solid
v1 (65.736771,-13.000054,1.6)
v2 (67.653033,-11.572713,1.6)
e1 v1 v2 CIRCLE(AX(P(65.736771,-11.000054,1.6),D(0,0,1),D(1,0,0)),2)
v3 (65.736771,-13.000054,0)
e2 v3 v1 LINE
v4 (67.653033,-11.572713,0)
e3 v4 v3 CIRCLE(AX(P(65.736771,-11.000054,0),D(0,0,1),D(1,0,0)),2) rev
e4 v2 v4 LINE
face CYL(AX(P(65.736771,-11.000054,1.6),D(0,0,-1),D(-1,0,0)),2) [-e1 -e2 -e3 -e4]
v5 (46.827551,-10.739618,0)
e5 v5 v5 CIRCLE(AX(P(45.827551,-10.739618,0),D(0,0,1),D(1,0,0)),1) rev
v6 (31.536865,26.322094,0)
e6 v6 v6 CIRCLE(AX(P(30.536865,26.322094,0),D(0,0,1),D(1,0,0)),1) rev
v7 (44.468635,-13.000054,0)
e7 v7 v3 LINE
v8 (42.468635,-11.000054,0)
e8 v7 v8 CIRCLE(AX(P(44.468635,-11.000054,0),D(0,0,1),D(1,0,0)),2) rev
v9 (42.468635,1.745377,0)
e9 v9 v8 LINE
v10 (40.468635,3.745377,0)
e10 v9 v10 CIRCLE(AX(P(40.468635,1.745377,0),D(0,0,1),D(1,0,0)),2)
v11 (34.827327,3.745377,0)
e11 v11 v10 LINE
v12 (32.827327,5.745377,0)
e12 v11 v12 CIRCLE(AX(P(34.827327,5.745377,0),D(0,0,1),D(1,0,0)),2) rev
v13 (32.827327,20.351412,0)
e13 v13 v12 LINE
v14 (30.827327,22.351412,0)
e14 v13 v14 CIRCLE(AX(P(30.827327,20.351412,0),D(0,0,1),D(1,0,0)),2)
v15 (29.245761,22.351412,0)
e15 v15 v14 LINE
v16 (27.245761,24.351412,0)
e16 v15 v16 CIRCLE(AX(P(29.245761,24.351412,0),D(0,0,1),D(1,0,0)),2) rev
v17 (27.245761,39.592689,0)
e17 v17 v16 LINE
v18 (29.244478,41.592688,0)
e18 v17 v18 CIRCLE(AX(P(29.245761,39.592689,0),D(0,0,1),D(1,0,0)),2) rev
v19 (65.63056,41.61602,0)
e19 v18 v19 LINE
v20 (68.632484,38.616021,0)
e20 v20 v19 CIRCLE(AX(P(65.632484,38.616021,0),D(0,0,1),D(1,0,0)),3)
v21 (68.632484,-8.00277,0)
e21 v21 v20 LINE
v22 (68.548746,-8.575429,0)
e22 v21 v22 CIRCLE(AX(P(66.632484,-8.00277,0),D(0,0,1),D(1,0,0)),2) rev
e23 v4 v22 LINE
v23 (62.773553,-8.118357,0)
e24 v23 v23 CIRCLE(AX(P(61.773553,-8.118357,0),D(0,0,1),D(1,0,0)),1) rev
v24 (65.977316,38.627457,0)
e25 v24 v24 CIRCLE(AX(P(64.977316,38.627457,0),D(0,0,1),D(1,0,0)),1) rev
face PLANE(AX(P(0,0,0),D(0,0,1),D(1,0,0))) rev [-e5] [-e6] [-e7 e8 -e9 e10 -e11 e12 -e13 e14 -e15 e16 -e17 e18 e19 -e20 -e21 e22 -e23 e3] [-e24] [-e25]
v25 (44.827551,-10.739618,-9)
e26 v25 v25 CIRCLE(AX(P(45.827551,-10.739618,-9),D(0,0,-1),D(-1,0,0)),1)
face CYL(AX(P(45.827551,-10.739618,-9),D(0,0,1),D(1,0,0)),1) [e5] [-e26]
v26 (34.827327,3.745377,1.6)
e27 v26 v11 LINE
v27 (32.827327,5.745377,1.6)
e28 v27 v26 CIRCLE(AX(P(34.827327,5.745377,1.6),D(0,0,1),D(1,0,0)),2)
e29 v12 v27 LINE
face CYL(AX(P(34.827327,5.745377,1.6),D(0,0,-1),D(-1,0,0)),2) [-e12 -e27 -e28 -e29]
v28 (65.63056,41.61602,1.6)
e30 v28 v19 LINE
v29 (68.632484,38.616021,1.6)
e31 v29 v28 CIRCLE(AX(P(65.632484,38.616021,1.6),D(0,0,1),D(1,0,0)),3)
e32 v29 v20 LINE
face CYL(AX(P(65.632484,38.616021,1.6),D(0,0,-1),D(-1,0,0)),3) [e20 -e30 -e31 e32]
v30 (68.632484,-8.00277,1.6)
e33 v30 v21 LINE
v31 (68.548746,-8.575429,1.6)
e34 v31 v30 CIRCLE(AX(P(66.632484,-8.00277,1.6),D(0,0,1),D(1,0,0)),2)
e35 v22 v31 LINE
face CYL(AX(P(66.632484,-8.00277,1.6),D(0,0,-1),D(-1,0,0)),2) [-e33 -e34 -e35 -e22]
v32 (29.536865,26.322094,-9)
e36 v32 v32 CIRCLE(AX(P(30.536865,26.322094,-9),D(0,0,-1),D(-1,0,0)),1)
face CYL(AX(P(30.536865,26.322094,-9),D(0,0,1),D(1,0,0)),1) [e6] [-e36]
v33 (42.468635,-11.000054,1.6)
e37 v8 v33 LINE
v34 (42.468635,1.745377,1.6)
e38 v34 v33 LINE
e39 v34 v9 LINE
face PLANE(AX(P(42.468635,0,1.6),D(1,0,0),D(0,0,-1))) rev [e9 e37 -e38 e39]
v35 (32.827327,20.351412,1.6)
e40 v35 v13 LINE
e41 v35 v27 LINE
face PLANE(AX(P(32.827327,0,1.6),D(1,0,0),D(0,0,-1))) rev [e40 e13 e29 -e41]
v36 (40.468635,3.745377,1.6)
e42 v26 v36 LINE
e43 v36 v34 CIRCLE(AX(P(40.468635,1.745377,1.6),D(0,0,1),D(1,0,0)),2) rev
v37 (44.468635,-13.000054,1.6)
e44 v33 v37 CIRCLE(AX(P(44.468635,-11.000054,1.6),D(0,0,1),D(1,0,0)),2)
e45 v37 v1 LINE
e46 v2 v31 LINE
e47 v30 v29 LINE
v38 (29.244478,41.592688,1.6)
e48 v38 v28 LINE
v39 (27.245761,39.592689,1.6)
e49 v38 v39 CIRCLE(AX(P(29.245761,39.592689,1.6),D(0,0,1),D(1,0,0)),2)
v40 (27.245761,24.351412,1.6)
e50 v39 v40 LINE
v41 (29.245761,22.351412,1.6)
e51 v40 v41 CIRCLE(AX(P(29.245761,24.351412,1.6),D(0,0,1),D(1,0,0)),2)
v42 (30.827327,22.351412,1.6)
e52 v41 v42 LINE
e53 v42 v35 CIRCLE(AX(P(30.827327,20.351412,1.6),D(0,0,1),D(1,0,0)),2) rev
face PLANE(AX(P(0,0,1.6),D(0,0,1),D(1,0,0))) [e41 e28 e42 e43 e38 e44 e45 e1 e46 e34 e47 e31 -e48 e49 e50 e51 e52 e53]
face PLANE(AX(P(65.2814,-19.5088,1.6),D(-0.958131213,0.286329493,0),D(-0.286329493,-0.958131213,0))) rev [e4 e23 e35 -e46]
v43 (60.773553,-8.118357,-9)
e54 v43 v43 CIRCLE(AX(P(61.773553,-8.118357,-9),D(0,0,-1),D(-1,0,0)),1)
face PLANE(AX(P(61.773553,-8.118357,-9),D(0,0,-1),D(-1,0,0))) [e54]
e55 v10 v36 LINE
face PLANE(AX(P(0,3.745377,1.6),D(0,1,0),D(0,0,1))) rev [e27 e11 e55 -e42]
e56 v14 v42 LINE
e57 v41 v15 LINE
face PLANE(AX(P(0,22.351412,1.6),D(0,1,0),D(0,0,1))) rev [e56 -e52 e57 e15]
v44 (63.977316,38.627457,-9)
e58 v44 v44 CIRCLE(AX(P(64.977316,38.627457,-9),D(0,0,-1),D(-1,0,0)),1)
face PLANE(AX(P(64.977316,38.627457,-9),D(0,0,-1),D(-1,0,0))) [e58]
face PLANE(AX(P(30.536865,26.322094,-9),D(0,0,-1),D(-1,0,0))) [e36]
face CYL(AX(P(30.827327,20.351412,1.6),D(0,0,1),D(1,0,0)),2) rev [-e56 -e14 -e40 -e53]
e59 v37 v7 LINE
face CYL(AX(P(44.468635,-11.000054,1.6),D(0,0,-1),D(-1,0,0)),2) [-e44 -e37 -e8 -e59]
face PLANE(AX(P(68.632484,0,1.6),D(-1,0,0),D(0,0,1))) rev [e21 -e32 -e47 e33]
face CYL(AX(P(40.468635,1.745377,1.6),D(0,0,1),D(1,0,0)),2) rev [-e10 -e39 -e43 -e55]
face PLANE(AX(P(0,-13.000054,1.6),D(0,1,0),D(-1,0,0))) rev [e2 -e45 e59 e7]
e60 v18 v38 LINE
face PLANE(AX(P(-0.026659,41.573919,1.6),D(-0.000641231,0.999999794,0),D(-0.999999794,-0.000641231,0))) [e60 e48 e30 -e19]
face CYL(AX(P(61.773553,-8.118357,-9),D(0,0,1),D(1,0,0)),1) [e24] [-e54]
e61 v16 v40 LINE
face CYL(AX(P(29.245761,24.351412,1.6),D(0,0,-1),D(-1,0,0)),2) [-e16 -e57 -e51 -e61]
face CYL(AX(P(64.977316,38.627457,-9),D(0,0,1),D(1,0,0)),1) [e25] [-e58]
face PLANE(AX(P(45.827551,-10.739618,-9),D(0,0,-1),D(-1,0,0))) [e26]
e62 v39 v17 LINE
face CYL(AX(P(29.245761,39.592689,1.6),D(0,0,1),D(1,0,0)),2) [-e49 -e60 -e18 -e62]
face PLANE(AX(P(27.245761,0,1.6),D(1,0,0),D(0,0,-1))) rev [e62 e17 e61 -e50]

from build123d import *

# Parameters (mm, degrees)
BOSS_EXTRUDE1_DEPTH = 1.6
SKETCH2_R           = 1
BOSS_EXTRUDE2_DEPTH = 9
FILLET1_R           = 2


with BuildPart() as part:
    # Sketch1 → Boss-Extrude1 (new body)
    with BuildSketch(Plane.XY):
        with BuildLine():
            Line((65.63056034, 41.616019999), (27.245760636, 41.591406461))
            Line((27.245760636, 41.591406461), (27.245760636, 22.351411618))
            Line((27.245760636, 22.351411618), (32.827326689, 22.351411618))
            Line((32.827326689, 22.351411618), (32.827326689, 3.745377262))
            Line((32.827326689, 3.745377262), (42.468635401, 3.745377262))
            Line((42.468635401, 3.745377262), (42.468635401, -13.000053658))
            Line((42.468635401, -13.000053658), (67.226484424, -13.000053658))
            Line((67.226484424, -13.000053658), (68.632483949, -8.295222112))
            Line((68.632483949, -8.295222112), (68.632483949, 38.616020588))
            ThreePointArc((68.632483949, 38.616020588), (67.753124087, 40.738020931), (65.63056034, 41.616019999))
        make_face()
    extrude(amount=BOSS_EXTRUDE1_DEPTH)

    # Sketch2 → Boss-Extrude2 (add)
    with BuildSketch(Plane(origin=(0, 0, 0), x_dir=(-1, 0, 0), z_dir=(0, 0, -1))):
        with Locations(Location((-30.536864632, 26.322094416, 0), (0, 0, 180))):
            Circle(SKETCH2_R)
        with Locations(Location((-45.827551279, -10.739617505, 0), (0, 0, 180))):
            Circle(SKETCH2_R)
        with Locations(Location((-61.773553069, -8.118356937, 0), (0, 0, 180))):
            Circle(SKETCH2_R)
        with Locations(Location((-64.977315986, 38.627456528, 0), (0, 0, 180))):
            Circle(SKETCH2_R)
    extrude(amount=BOSS_EXTRUDE2_DEPTH)

    # Fillet1
    fillet1_edges = [part.edges().sort_by_distance(p)[0] for p in [
        (68.632483949, -8.295222112, 0.8),
        (67.226484424, -13.000053658, 0.8),
        (42.468635401, -13.000053658, 0.8),
        (42.468635401, 3.745377262, 0.8),
        (32.827326689, 3.745377262, 0.8),
        (32.827326689, 22.351411618, 0.8),
        (27.245760636, 22.351411618, 0.8),
        (27.245760636, 41.591406461, 0.8),
    ]]
    fillet(fillet1_edges, radius=FILLET1_R)


solid = part.part
